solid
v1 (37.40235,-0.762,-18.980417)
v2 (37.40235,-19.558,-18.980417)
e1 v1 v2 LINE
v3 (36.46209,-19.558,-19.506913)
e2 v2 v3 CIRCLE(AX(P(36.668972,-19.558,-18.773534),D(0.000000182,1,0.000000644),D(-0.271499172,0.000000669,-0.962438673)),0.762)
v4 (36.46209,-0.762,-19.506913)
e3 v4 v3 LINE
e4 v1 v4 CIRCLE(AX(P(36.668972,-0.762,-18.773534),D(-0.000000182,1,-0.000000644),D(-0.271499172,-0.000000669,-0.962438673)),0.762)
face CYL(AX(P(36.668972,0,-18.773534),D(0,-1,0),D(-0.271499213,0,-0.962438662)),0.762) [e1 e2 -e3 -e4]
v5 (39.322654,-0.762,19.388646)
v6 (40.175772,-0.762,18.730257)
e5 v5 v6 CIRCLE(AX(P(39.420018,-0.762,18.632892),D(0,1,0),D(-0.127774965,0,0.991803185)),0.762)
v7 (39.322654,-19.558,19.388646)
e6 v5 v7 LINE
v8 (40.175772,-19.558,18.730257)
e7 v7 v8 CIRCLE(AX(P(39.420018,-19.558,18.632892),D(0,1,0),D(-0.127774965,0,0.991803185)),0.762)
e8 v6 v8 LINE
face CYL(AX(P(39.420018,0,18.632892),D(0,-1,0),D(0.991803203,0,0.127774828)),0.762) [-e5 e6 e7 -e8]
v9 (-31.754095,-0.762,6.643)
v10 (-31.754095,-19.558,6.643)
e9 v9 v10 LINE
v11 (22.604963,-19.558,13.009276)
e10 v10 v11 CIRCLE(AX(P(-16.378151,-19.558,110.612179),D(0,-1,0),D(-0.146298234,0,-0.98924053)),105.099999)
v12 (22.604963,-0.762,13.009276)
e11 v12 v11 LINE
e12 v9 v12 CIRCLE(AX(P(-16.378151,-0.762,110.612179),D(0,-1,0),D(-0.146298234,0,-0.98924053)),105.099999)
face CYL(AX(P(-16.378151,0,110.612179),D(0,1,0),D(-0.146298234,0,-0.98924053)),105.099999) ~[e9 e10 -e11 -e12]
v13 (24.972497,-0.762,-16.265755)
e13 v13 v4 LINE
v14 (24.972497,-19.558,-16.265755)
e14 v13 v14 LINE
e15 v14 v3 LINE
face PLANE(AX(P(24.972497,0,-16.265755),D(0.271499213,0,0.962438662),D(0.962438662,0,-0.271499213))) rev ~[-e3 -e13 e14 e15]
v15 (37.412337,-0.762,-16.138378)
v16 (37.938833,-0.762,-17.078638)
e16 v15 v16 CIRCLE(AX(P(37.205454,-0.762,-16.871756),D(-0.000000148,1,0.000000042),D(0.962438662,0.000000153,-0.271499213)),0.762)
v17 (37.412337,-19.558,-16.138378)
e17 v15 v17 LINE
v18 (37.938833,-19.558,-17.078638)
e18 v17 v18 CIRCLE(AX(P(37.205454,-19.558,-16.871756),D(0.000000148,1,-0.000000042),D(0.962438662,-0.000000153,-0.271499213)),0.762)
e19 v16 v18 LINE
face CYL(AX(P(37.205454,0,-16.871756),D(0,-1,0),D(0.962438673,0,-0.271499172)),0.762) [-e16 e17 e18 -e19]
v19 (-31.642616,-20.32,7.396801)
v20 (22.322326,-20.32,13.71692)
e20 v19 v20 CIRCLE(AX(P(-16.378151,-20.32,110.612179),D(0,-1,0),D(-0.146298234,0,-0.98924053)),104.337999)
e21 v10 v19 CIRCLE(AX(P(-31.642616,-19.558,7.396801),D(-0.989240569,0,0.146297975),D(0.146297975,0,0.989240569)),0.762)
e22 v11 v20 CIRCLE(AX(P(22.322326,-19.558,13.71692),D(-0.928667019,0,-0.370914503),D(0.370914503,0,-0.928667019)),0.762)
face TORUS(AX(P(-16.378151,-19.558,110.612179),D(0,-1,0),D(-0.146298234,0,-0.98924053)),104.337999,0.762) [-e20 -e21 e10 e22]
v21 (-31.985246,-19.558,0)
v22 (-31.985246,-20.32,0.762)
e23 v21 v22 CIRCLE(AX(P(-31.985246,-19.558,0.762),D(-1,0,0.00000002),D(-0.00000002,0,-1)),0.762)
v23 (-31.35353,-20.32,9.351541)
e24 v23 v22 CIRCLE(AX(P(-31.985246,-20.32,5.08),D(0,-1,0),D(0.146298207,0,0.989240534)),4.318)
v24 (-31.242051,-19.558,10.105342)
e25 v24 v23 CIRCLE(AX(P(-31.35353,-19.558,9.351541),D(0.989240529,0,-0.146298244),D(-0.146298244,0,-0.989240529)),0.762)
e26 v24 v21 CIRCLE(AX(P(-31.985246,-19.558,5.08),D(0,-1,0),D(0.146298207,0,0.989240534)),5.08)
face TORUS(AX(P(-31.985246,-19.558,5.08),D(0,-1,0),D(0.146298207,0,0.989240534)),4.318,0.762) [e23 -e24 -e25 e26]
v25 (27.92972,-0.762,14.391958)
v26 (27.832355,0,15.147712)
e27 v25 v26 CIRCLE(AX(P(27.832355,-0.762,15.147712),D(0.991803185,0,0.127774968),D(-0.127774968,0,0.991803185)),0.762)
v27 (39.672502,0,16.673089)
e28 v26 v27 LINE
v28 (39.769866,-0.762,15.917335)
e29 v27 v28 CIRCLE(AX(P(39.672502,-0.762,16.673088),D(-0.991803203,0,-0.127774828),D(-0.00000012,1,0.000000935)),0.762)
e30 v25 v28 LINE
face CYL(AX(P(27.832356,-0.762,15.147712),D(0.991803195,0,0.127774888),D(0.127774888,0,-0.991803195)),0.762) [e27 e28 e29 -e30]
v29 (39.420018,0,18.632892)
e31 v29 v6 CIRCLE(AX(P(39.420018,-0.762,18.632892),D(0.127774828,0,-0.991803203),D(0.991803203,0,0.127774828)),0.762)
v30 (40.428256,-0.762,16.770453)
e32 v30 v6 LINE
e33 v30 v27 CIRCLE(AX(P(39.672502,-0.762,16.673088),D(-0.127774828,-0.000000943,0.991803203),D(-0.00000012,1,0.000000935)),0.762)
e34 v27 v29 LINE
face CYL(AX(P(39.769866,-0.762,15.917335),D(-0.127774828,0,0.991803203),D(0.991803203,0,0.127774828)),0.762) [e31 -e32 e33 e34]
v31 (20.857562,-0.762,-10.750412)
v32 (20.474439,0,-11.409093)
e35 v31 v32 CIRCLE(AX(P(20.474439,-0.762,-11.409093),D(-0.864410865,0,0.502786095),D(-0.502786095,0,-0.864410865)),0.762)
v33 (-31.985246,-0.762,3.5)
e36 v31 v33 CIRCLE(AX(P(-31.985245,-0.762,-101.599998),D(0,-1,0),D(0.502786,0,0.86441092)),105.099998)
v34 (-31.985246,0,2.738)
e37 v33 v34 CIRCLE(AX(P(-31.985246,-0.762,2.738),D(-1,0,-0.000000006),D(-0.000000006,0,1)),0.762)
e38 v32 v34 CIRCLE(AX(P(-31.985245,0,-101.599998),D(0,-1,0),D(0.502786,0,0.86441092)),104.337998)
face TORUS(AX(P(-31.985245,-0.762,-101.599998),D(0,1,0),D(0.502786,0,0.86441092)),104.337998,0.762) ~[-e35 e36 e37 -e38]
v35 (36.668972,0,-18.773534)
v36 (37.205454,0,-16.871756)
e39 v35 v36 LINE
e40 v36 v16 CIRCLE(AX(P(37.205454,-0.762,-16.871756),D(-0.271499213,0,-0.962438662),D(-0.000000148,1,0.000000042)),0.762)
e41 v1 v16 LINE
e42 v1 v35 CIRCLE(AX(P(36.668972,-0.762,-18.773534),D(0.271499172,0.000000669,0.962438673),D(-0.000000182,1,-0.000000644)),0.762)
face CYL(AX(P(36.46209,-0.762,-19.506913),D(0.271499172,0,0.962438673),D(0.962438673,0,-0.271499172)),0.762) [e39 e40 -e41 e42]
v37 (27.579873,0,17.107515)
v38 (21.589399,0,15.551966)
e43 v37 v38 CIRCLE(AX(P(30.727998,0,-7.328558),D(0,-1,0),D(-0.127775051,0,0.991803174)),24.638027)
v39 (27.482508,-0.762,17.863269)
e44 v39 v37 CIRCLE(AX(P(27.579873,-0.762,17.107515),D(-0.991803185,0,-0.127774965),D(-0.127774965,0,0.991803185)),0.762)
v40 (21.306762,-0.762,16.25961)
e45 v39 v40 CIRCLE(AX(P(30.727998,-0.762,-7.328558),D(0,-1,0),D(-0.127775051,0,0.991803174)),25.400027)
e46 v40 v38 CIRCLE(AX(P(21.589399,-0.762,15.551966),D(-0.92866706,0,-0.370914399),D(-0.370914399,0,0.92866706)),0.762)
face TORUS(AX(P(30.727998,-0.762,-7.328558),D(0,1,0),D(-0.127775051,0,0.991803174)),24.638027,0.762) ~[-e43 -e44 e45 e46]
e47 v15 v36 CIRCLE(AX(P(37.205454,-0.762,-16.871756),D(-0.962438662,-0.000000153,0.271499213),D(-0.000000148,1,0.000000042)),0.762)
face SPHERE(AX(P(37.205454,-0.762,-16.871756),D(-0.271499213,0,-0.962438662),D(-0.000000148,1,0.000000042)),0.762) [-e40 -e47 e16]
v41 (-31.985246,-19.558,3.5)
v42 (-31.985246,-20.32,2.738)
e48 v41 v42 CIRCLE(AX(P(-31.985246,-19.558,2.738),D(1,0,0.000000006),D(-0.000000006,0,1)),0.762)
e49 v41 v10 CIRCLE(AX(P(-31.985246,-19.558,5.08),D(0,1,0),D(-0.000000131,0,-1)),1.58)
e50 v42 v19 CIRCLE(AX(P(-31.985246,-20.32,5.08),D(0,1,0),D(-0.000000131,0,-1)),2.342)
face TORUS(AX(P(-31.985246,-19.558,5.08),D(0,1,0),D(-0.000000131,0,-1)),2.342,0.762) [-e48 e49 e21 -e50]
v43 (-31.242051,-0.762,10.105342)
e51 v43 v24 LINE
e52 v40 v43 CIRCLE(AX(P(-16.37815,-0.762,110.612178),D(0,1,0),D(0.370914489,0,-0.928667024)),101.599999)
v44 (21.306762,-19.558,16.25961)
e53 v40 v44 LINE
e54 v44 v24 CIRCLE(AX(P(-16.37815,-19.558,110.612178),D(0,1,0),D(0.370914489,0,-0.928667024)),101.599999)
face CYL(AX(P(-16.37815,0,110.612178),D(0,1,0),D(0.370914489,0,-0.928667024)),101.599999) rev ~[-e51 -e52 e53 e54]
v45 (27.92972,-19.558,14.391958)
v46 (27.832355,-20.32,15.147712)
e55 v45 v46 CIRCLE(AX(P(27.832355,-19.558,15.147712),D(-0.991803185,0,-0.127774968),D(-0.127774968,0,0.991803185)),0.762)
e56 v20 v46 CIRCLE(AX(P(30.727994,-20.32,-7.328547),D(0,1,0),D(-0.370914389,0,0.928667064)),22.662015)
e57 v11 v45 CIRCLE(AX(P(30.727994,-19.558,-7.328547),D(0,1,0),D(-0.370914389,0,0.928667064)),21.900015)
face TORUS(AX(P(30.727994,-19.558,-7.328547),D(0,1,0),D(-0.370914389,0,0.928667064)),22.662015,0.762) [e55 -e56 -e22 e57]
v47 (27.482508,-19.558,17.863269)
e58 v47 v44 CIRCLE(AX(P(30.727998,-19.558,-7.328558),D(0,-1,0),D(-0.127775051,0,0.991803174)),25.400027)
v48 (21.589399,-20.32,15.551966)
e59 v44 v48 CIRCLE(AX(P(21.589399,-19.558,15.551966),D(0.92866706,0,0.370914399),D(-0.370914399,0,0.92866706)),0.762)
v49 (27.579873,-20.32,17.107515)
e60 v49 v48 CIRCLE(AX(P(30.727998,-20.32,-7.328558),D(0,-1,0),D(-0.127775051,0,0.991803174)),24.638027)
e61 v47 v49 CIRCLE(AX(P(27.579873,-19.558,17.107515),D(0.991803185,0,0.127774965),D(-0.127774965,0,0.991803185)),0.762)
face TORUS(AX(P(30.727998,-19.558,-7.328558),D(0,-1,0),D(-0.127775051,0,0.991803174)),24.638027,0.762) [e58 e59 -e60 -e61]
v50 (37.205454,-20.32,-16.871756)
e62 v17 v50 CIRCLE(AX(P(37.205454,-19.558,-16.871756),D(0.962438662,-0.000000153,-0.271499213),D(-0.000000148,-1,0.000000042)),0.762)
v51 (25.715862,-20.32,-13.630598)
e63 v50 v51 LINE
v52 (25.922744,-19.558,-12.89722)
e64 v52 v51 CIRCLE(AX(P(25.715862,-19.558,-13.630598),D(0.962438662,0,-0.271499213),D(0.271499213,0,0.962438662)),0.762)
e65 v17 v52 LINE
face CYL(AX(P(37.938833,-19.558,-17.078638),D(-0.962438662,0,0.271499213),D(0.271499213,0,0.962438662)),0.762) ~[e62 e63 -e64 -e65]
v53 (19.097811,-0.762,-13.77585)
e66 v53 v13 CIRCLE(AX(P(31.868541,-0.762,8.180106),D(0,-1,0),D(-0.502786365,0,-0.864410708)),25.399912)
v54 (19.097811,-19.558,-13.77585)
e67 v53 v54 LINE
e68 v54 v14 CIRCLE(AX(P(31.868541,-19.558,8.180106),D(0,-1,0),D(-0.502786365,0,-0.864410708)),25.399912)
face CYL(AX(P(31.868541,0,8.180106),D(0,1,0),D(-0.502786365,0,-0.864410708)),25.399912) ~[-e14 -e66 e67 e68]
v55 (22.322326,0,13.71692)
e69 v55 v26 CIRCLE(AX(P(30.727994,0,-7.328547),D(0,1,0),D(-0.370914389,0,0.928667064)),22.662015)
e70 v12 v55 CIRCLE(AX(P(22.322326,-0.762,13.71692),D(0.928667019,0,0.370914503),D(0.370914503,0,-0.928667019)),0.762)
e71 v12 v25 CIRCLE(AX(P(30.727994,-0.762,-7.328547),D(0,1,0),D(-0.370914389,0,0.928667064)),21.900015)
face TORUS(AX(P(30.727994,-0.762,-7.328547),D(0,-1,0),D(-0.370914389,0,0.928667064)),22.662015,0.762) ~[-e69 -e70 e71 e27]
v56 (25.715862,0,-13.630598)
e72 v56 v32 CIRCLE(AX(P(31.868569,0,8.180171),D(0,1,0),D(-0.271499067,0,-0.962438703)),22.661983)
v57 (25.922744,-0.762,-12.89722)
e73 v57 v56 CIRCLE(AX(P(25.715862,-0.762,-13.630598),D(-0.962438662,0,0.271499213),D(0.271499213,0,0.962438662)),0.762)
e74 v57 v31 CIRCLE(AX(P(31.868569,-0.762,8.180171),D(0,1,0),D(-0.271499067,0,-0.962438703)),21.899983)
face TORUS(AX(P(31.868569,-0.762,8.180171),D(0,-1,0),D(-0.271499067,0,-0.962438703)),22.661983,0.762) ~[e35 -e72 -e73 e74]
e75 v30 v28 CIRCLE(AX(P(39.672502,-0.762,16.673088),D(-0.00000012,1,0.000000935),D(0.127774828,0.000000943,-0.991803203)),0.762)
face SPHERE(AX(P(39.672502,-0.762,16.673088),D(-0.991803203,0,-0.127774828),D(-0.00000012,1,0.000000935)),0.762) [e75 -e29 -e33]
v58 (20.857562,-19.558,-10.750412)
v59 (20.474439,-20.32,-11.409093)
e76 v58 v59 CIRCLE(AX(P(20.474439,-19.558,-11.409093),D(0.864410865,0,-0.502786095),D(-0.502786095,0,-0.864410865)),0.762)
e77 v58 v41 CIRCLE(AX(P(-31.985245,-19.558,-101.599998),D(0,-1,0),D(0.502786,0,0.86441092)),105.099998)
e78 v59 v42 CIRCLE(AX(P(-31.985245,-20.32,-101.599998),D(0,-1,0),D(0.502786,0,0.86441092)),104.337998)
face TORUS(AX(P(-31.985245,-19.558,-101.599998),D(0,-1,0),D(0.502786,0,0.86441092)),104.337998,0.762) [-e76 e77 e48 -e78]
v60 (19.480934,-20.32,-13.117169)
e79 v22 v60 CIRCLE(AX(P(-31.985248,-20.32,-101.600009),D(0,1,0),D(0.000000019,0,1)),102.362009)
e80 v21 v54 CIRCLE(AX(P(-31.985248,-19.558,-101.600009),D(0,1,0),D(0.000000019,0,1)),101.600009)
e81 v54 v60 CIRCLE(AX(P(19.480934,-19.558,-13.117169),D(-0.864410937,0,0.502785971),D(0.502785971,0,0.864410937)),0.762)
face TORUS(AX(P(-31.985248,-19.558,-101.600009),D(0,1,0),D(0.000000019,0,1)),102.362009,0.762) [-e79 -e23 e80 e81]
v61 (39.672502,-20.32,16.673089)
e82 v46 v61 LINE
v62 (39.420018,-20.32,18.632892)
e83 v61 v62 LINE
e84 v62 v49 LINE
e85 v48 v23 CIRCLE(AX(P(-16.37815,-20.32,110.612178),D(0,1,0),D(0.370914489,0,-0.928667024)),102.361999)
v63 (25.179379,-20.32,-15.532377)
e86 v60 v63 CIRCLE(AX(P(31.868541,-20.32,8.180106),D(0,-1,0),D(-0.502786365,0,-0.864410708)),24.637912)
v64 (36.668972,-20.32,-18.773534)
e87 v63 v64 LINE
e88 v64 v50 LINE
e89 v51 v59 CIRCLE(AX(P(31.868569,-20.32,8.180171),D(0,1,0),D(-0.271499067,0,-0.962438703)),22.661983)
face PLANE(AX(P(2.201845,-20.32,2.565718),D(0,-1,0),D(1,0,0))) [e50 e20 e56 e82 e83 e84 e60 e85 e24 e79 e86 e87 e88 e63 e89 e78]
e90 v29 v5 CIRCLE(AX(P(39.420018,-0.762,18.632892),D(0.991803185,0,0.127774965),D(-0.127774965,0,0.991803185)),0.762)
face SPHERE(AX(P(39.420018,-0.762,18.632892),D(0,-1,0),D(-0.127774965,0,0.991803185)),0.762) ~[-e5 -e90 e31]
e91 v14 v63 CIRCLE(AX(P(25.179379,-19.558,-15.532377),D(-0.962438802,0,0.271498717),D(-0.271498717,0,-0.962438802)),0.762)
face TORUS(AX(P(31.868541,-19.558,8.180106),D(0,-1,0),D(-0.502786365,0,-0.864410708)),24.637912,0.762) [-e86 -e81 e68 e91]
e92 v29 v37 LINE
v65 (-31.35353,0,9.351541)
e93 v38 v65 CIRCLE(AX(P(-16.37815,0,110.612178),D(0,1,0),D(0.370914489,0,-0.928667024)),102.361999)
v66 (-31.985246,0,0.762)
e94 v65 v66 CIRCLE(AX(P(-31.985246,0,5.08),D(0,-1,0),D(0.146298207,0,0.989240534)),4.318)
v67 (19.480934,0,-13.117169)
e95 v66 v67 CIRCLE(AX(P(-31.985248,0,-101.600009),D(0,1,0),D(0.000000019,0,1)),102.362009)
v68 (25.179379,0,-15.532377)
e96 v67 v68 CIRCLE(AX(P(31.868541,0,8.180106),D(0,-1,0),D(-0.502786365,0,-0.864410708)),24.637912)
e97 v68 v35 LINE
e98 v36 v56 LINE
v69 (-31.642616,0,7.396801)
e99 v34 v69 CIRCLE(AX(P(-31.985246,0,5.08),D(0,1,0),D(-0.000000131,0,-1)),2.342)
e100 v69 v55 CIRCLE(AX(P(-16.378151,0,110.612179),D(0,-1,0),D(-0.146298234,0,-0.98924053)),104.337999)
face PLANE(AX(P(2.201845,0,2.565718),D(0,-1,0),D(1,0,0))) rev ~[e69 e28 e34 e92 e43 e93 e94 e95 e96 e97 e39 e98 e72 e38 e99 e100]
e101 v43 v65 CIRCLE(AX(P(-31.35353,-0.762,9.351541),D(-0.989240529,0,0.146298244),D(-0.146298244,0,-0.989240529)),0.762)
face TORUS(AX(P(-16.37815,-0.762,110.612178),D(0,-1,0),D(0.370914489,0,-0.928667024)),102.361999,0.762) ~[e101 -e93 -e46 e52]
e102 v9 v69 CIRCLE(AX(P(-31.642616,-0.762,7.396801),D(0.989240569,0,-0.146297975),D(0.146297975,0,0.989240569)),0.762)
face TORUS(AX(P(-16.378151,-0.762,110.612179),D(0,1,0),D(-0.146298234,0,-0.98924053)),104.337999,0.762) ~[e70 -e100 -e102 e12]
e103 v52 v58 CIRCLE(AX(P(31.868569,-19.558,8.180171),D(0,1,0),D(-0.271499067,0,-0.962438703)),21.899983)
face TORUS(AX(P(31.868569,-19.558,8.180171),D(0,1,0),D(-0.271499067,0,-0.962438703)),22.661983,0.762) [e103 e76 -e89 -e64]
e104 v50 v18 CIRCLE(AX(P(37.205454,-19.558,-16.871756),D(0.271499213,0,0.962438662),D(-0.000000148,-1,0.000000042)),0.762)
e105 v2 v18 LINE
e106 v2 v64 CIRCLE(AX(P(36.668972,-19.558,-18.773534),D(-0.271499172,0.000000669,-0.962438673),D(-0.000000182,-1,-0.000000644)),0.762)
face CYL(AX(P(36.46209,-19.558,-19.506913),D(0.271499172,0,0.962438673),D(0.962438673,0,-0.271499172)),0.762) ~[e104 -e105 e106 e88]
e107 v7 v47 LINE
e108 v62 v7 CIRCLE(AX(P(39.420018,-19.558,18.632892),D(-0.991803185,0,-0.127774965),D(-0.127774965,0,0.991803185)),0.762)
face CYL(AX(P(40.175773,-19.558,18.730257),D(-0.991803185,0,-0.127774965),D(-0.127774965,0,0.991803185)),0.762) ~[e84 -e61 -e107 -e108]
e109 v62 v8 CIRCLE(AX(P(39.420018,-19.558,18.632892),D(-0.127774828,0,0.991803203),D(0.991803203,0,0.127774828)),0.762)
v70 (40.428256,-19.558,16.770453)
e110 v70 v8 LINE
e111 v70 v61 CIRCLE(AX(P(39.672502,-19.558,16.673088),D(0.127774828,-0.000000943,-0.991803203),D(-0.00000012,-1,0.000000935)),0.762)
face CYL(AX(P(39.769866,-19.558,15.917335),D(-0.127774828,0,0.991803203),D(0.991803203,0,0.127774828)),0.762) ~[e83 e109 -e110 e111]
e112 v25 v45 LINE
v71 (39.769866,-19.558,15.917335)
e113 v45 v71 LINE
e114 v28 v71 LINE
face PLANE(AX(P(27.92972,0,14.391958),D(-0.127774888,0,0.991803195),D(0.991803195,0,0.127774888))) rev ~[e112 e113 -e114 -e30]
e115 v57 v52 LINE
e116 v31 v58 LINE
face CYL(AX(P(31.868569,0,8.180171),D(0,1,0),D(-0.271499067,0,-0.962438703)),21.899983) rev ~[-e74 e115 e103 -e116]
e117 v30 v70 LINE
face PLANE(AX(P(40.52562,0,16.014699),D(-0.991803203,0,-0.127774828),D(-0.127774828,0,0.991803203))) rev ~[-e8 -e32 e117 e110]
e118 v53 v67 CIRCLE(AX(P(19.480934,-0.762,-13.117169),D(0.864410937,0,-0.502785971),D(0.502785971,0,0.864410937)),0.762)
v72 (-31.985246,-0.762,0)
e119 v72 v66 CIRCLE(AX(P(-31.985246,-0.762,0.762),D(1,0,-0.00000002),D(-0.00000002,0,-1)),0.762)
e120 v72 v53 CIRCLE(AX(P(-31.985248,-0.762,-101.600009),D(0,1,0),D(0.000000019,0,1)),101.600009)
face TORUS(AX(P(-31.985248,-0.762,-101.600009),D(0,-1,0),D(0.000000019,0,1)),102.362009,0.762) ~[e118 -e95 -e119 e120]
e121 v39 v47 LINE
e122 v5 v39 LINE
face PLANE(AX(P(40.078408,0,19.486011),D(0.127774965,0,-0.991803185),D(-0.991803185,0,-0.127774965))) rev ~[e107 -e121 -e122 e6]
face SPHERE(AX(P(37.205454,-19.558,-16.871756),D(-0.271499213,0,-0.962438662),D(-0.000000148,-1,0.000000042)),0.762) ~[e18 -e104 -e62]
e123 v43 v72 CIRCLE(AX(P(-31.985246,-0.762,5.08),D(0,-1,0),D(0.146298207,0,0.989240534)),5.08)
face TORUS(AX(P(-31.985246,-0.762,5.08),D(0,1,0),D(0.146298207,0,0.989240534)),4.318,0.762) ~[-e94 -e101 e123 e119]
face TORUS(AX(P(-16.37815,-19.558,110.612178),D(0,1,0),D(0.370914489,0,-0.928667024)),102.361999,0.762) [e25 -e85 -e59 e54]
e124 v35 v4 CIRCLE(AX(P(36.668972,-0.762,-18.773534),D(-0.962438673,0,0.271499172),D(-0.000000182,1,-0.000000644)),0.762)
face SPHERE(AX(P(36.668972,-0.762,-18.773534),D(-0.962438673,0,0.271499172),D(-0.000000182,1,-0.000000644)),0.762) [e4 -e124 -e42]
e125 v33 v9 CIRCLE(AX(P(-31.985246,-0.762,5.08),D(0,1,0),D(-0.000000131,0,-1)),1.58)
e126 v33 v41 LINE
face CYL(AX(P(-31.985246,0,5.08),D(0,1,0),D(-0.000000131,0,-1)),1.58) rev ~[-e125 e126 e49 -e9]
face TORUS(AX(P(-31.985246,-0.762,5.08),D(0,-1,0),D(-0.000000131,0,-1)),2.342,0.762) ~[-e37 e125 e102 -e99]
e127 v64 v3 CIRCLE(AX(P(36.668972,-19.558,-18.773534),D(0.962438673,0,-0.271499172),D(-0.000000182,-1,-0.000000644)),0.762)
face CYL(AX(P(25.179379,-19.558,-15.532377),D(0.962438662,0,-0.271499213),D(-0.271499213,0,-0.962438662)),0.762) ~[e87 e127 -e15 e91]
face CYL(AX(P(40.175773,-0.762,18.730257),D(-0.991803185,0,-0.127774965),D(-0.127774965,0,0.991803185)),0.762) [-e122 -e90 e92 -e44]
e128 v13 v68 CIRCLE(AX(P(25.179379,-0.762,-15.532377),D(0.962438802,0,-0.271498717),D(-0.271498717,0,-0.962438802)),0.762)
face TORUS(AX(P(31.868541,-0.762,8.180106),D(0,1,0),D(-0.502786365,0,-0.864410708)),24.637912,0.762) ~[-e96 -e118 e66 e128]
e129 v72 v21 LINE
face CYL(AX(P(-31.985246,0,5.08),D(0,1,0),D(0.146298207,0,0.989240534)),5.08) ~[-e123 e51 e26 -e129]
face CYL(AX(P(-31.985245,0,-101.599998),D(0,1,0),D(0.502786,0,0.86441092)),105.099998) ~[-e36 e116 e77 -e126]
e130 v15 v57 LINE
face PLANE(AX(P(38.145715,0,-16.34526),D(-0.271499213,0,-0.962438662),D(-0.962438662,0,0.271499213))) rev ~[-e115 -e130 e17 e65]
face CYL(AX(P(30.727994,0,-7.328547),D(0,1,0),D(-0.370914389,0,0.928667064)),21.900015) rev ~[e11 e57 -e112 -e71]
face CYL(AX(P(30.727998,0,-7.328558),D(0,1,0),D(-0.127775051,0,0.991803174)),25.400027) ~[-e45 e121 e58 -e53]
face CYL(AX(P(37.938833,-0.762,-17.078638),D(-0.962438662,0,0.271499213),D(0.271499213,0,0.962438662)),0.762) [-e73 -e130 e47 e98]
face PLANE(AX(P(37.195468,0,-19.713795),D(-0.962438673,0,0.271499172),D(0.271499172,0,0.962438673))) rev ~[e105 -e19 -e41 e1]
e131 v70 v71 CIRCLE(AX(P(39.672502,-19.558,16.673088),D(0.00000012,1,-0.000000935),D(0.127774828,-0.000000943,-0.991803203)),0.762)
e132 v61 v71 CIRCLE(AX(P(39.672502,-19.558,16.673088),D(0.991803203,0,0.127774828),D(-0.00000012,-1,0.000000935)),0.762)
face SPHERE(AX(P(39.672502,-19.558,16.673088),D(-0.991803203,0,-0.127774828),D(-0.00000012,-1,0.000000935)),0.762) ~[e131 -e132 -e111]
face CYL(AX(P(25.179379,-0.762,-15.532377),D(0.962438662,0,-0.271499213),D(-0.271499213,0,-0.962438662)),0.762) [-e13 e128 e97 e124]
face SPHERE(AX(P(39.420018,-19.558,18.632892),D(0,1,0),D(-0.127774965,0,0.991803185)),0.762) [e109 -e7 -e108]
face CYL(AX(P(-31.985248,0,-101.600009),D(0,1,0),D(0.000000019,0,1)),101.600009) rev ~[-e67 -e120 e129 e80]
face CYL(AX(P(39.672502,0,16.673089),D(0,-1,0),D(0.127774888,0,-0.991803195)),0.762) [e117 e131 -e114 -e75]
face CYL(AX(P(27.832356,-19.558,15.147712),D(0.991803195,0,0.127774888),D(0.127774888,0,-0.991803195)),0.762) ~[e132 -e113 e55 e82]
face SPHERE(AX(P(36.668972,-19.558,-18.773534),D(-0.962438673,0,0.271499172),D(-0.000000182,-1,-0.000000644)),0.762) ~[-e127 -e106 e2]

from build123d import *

# Parameters (mm, degrees)
F1_DEPTH = 20.32
F2_R     = 0.762


with BuildPart() as f1:
    # F0 (on Front) → F1 (new body)
    with BuildSketch(Plane.XZ):
        with BuildLine():
            ThreePointArc((21.306762, 16.25961), (-4.560012, 9.701865), (-31.242051, 10.105342))
            ThreePointArc((-31.242051, 10.105342), (-37.051563, 5.452601), (-31.985246, 0))
            ThreePointArc((-31.985246, 0), (-5.531263, -3.5044), (19.097811, -13.77585))
            ThreePointArc((19.097811, -13.77585), (21.956659, -15.206004), (24.972497, -16.265755))
            Line((24.972497, -16.265755), (37.195468, -19.713795))
            Line((37.195468, -19.713795), (38.145715, -16.34526))
            Line((38.145715, -16.34526), (25.922744, -12.89722))
            ThreePointArc((25.922744, -12.89722), (23.322474, -11.983497), (20.857562, -10.750412))
            ThreePointArc((20.857562, -10.750412), (-4.619955, -0.125122), (-31.985246, 3.5))
            ThreePointArc((-31.985246, 3.5), (-33.56099, 5.195888), (-31.754095, 6.643))
            ThreePointArc((-31.754095, 6.643), (-4.152891, 6.225624), (22.604963, 13.009276))
            ThreePointArc((22.604963, 13.009276), (25.223752, 13.868481), (27.92972, 14.391958))
            Line((27.92972, 14.391958), (40.52562, 16.014699))
            Line((40.52562, 16.014699), (40.078408, 19.486011))
            Line((40.078408, 19.486011), (27.482508, 17.863269))
            ThreePointArc((27.482508, 17.863269), (24.344079, 17.256131), (21.306762, 16.25961))
        make_face()
    extrude(amount=F1_DEPTH)

    # F2
    f2_edges = [f1.edges().sort_by_distance(p)[0] for p in [
        (33.780458, -20.32, 18.67464),
        (24.344079, -20.32, 17.256131),
        (-4.560012, -20.32, 9.701865),
        (-37.051563, -20.32, 5.452601),
        (-5.531263, -20.32, -3.5044),
        (21.956659, -20.32, -15.206004),
        (31.083982, -20.32, -17.989775),
        (37.670591, -20.32, -18.029527),
        (32.034229, -20.32, -14.62124),
        (23.322474, -20.32, -11.983497),
        (-4.619955, -20.32, -0.125122),
        (-33.56099, -20.32, 5.195888),
        (-4.152891, -20.32, 6.225624),
        (25.223752, -20.32, 13.868481),
        (34.22767, -20.32, 15.203329),
        (40.302014, -20.32, 17.750355),
        (33.780458, 0, 18.67464),
        (24.344079, 0, 17.256131),
        (-4.560012, 0, 9.701865),
        (-37.051563, 0, 5.452601),
        (-5.531263, 0, -3.5044),
        (21.956659, 0, -15.206004),
        (31.083982, 0, -17.989775),
        (37.670591, 0, -18.029527),
        (32.034229, 0, -14.62124),
        (23.322474, 0, -11.983497),
        (-4.619955, 0, -0.125122),
        (-33.56099, 0, 5.195888),
        (-4.152891, 0, 6.225624),
        (25.223752, 0, 13.868481),
        (34.22767, 0, 15.203329),
        (40.302014, 0, 17.750355),
        (40.52562, -10.16, 16.014699),
        (40.078408, -10.16, 19.486011),
        (37.195468, -10.16, -19.713795),
        (38.145715, -10.16, -16.34526),
    ]]
    fillet(f2_edges, radius=F2_R)


solid = f1.part
